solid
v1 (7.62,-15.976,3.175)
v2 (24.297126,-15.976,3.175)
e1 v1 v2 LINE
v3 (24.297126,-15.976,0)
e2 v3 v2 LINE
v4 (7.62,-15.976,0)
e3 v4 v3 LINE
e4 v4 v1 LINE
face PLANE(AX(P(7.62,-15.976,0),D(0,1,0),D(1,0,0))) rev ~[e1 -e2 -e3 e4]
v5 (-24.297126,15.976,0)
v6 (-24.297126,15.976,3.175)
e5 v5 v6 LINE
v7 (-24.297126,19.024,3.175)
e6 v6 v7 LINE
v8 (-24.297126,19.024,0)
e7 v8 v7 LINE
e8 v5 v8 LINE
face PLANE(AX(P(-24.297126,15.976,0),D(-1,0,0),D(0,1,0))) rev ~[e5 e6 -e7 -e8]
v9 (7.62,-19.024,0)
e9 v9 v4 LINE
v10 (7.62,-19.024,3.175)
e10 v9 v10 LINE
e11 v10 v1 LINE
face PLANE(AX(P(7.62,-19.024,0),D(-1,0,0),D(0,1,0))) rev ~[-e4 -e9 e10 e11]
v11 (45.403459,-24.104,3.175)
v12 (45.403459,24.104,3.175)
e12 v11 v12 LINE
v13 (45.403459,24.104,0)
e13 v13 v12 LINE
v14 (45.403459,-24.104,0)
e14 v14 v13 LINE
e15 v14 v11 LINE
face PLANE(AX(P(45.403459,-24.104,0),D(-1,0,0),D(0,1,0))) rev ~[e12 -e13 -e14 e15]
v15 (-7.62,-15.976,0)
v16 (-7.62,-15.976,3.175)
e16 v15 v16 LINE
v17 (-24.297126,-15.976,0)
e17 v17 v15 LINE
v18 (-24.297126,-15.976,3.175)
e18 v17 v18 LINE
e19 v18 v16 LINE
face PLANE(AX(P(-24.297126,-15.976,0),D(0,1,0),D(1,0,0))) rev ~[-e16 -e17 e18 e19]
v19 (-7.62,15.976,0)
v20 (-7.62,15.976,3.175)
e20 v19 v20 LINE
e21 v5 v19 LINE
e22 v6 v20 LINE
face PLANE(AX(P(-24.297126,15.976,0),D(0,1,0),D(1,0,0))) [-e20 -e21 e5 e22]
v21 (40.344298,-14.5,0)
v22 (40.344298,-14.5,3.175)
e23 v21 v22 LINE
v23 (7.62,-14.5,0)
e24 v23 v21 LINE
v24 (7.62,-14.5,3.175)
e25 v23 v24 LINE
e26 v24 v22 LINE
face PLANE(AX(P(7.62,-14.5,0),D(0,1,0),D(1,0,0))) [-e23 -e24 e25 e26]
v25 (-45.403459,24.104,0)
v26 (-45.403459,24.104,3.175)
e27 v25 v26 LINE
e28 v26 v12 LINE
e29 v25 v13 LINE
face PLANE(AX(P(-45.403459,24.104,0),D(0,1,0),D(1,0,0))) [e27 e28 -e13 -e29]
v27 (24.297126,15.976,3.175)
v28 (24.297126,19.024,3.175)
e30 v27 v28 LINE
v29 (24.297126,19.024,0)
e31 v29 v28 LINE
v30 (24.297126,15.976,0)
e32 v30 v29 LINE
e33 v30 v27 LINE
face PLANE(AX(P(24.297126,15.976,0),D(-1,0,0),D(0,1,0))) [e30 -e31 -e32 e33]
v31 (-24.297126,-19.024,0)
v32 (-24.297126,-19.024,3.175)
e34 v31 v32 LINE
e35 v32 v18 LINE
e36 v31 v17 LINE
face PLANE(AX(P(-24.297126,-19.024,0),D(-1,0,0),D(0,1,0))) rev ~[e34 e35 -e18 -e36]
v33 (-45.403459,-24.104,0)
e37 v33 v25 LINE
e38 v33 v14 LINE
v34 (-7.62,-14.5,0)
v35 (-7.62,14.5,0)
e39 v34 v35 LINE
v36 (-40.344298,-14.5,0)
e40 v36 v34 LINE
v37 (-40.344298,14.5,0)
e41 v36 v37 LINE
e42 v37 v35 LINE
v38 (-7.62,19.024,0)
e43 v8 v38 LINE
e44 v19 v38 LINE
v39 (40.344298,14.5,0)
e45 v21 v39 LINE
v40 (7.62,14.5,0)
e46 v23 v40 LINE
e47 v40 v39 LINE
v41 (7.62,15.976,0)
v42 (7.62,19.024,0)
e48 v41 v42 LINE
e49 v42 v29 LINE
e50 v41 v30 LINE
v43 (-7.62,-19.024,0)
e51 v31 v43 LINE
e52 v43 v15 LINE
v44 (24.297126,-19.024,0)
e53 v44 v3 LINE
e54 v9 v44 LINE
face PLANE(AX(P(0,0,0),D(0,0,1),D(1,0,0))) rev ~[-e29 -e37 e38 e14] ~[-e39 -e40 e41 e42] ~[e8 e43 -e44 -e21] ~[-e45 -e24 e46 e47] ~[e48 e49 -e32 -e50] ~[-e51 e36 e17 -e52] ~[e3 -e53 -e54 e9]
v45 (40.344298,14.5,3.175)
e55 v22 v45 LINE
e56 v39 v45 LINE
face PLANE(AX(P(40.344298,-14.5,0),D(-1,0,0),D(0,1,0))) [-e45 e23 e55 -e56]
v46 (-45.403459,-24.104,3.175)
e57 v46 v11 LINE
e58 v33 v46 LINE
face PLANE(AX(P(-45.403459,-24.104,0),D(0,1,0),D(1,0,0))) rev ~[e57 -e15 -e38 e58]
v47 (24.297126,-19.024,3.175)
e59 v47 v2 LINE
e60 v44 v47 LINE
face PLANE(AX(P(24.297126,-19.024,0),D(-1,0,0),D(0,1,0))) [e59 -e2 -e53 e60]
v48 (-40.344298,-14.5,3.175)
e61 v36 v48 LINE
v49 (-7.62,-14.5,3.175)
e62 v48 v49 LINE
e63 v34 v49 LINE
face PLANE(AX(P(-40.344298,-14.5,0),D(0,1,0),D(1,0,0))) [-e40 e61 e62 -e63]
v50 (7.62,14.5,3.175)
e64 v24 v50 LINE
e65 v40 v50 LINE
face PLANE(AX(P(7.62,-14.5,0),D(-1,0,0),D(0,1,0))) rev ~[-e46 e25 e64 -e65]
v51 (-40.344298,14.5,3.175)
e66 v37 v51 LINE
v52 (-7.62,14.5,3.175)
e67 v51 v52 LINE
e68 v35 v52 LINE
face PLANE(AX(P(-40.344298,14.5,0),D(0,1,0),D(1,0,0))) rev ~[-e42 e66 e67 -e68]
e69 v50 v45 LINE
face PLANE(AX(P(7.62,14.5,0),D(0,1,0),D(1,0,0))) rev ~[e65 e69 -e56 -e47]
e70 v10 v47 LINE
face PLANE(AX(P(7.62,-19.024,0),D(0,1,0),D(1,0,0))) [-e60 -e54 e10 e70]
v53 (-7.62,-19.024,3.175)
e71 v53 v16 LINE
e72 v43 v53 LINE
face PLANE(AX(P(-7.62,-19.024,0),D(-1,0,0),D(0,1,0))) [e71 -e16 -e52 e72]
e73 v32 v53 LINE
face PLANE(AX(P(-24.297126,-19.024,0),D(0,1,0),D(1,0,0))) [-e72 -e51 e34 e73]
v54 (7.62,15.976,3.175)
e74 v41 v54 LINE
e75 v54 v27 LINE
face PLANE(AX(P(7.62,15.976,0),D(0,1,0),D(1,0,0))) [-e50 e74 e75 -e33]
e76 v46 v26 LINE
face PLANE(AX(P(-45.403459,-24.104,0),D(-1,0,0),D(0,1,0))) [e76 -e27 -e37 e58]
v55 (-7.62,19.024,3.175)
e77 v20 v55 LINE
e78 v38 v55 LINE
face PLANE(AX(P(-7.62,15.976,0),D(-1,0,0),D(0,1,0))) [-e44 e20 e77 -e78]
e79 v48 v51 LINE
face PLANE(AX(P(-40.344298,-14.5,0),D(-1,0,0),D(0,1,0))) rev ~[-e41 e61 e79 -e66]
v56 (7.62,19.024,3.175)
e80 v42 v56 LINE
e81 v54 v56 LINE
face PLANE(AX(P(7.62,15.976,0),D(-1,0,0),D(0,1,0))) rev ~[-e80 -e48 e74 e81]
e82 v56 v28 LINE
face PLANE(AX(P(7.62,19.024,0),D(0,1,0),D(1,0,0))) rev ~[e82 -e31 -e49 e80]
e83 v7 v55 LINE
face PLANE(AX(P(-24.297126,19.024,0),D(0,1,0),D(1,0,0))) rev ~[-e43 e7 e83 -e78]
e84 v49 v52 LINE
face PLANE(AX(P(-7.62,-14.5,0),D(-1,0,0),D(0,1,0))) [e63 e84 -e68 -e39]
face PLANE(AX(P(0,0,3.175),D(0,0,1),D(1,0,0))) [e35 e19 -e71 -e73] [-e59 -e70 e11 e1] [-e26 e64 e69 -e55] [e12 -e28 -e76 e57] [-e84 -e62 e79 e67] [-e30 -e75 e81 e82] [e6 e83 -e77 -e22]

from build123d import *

# Parameters (mm, degrees)
F0_W     = 90.806918
F0_H     = 48.208
F0_W_2   = 16.677126
F0_H_2   = 3.048
F0_W_3   = 32.724298
F0_H_3   = 29
F1_DEPTH = 3.175


with BuildPart() as f1:
    # F0 (on Top) → F1 (new body)
    with BuildSketch(Plane.XY):
        Rectangle(F0_W, F0_H)
        with Locations((-15.958563, -17.5)):
            Rectangle(F0_W_2, F0_H_2, mode=Mode.SUBTRACT)
        with Locations((-23.982149, 0)):
            Rectangle(F0_W_3, F0_H_3, mode=Mode.SUBTRACT)
        with Locations((15.958563, -17.5)):
            Rectangle(F0_W_2, F0_H_2, mode=Mode.SUBTRACT)
        with Locations((23.982149, 0)):
            Rectangle(F0_W_3, F0_H_3, mode=Mode.SUBTRACT)
        with Locations((-15.958563, 17.5)):
            Rectangle(F0_W_2, F0_H_2, mode=Mode.SUBTRACT)
        with Locations((15.958563, 17.5)):
            Rectangle(F0_W_2, F0_H_2, mode=Mode.SUBTRACT)
    extrude(amount=F1_DEPTH)


solid = f1.part
